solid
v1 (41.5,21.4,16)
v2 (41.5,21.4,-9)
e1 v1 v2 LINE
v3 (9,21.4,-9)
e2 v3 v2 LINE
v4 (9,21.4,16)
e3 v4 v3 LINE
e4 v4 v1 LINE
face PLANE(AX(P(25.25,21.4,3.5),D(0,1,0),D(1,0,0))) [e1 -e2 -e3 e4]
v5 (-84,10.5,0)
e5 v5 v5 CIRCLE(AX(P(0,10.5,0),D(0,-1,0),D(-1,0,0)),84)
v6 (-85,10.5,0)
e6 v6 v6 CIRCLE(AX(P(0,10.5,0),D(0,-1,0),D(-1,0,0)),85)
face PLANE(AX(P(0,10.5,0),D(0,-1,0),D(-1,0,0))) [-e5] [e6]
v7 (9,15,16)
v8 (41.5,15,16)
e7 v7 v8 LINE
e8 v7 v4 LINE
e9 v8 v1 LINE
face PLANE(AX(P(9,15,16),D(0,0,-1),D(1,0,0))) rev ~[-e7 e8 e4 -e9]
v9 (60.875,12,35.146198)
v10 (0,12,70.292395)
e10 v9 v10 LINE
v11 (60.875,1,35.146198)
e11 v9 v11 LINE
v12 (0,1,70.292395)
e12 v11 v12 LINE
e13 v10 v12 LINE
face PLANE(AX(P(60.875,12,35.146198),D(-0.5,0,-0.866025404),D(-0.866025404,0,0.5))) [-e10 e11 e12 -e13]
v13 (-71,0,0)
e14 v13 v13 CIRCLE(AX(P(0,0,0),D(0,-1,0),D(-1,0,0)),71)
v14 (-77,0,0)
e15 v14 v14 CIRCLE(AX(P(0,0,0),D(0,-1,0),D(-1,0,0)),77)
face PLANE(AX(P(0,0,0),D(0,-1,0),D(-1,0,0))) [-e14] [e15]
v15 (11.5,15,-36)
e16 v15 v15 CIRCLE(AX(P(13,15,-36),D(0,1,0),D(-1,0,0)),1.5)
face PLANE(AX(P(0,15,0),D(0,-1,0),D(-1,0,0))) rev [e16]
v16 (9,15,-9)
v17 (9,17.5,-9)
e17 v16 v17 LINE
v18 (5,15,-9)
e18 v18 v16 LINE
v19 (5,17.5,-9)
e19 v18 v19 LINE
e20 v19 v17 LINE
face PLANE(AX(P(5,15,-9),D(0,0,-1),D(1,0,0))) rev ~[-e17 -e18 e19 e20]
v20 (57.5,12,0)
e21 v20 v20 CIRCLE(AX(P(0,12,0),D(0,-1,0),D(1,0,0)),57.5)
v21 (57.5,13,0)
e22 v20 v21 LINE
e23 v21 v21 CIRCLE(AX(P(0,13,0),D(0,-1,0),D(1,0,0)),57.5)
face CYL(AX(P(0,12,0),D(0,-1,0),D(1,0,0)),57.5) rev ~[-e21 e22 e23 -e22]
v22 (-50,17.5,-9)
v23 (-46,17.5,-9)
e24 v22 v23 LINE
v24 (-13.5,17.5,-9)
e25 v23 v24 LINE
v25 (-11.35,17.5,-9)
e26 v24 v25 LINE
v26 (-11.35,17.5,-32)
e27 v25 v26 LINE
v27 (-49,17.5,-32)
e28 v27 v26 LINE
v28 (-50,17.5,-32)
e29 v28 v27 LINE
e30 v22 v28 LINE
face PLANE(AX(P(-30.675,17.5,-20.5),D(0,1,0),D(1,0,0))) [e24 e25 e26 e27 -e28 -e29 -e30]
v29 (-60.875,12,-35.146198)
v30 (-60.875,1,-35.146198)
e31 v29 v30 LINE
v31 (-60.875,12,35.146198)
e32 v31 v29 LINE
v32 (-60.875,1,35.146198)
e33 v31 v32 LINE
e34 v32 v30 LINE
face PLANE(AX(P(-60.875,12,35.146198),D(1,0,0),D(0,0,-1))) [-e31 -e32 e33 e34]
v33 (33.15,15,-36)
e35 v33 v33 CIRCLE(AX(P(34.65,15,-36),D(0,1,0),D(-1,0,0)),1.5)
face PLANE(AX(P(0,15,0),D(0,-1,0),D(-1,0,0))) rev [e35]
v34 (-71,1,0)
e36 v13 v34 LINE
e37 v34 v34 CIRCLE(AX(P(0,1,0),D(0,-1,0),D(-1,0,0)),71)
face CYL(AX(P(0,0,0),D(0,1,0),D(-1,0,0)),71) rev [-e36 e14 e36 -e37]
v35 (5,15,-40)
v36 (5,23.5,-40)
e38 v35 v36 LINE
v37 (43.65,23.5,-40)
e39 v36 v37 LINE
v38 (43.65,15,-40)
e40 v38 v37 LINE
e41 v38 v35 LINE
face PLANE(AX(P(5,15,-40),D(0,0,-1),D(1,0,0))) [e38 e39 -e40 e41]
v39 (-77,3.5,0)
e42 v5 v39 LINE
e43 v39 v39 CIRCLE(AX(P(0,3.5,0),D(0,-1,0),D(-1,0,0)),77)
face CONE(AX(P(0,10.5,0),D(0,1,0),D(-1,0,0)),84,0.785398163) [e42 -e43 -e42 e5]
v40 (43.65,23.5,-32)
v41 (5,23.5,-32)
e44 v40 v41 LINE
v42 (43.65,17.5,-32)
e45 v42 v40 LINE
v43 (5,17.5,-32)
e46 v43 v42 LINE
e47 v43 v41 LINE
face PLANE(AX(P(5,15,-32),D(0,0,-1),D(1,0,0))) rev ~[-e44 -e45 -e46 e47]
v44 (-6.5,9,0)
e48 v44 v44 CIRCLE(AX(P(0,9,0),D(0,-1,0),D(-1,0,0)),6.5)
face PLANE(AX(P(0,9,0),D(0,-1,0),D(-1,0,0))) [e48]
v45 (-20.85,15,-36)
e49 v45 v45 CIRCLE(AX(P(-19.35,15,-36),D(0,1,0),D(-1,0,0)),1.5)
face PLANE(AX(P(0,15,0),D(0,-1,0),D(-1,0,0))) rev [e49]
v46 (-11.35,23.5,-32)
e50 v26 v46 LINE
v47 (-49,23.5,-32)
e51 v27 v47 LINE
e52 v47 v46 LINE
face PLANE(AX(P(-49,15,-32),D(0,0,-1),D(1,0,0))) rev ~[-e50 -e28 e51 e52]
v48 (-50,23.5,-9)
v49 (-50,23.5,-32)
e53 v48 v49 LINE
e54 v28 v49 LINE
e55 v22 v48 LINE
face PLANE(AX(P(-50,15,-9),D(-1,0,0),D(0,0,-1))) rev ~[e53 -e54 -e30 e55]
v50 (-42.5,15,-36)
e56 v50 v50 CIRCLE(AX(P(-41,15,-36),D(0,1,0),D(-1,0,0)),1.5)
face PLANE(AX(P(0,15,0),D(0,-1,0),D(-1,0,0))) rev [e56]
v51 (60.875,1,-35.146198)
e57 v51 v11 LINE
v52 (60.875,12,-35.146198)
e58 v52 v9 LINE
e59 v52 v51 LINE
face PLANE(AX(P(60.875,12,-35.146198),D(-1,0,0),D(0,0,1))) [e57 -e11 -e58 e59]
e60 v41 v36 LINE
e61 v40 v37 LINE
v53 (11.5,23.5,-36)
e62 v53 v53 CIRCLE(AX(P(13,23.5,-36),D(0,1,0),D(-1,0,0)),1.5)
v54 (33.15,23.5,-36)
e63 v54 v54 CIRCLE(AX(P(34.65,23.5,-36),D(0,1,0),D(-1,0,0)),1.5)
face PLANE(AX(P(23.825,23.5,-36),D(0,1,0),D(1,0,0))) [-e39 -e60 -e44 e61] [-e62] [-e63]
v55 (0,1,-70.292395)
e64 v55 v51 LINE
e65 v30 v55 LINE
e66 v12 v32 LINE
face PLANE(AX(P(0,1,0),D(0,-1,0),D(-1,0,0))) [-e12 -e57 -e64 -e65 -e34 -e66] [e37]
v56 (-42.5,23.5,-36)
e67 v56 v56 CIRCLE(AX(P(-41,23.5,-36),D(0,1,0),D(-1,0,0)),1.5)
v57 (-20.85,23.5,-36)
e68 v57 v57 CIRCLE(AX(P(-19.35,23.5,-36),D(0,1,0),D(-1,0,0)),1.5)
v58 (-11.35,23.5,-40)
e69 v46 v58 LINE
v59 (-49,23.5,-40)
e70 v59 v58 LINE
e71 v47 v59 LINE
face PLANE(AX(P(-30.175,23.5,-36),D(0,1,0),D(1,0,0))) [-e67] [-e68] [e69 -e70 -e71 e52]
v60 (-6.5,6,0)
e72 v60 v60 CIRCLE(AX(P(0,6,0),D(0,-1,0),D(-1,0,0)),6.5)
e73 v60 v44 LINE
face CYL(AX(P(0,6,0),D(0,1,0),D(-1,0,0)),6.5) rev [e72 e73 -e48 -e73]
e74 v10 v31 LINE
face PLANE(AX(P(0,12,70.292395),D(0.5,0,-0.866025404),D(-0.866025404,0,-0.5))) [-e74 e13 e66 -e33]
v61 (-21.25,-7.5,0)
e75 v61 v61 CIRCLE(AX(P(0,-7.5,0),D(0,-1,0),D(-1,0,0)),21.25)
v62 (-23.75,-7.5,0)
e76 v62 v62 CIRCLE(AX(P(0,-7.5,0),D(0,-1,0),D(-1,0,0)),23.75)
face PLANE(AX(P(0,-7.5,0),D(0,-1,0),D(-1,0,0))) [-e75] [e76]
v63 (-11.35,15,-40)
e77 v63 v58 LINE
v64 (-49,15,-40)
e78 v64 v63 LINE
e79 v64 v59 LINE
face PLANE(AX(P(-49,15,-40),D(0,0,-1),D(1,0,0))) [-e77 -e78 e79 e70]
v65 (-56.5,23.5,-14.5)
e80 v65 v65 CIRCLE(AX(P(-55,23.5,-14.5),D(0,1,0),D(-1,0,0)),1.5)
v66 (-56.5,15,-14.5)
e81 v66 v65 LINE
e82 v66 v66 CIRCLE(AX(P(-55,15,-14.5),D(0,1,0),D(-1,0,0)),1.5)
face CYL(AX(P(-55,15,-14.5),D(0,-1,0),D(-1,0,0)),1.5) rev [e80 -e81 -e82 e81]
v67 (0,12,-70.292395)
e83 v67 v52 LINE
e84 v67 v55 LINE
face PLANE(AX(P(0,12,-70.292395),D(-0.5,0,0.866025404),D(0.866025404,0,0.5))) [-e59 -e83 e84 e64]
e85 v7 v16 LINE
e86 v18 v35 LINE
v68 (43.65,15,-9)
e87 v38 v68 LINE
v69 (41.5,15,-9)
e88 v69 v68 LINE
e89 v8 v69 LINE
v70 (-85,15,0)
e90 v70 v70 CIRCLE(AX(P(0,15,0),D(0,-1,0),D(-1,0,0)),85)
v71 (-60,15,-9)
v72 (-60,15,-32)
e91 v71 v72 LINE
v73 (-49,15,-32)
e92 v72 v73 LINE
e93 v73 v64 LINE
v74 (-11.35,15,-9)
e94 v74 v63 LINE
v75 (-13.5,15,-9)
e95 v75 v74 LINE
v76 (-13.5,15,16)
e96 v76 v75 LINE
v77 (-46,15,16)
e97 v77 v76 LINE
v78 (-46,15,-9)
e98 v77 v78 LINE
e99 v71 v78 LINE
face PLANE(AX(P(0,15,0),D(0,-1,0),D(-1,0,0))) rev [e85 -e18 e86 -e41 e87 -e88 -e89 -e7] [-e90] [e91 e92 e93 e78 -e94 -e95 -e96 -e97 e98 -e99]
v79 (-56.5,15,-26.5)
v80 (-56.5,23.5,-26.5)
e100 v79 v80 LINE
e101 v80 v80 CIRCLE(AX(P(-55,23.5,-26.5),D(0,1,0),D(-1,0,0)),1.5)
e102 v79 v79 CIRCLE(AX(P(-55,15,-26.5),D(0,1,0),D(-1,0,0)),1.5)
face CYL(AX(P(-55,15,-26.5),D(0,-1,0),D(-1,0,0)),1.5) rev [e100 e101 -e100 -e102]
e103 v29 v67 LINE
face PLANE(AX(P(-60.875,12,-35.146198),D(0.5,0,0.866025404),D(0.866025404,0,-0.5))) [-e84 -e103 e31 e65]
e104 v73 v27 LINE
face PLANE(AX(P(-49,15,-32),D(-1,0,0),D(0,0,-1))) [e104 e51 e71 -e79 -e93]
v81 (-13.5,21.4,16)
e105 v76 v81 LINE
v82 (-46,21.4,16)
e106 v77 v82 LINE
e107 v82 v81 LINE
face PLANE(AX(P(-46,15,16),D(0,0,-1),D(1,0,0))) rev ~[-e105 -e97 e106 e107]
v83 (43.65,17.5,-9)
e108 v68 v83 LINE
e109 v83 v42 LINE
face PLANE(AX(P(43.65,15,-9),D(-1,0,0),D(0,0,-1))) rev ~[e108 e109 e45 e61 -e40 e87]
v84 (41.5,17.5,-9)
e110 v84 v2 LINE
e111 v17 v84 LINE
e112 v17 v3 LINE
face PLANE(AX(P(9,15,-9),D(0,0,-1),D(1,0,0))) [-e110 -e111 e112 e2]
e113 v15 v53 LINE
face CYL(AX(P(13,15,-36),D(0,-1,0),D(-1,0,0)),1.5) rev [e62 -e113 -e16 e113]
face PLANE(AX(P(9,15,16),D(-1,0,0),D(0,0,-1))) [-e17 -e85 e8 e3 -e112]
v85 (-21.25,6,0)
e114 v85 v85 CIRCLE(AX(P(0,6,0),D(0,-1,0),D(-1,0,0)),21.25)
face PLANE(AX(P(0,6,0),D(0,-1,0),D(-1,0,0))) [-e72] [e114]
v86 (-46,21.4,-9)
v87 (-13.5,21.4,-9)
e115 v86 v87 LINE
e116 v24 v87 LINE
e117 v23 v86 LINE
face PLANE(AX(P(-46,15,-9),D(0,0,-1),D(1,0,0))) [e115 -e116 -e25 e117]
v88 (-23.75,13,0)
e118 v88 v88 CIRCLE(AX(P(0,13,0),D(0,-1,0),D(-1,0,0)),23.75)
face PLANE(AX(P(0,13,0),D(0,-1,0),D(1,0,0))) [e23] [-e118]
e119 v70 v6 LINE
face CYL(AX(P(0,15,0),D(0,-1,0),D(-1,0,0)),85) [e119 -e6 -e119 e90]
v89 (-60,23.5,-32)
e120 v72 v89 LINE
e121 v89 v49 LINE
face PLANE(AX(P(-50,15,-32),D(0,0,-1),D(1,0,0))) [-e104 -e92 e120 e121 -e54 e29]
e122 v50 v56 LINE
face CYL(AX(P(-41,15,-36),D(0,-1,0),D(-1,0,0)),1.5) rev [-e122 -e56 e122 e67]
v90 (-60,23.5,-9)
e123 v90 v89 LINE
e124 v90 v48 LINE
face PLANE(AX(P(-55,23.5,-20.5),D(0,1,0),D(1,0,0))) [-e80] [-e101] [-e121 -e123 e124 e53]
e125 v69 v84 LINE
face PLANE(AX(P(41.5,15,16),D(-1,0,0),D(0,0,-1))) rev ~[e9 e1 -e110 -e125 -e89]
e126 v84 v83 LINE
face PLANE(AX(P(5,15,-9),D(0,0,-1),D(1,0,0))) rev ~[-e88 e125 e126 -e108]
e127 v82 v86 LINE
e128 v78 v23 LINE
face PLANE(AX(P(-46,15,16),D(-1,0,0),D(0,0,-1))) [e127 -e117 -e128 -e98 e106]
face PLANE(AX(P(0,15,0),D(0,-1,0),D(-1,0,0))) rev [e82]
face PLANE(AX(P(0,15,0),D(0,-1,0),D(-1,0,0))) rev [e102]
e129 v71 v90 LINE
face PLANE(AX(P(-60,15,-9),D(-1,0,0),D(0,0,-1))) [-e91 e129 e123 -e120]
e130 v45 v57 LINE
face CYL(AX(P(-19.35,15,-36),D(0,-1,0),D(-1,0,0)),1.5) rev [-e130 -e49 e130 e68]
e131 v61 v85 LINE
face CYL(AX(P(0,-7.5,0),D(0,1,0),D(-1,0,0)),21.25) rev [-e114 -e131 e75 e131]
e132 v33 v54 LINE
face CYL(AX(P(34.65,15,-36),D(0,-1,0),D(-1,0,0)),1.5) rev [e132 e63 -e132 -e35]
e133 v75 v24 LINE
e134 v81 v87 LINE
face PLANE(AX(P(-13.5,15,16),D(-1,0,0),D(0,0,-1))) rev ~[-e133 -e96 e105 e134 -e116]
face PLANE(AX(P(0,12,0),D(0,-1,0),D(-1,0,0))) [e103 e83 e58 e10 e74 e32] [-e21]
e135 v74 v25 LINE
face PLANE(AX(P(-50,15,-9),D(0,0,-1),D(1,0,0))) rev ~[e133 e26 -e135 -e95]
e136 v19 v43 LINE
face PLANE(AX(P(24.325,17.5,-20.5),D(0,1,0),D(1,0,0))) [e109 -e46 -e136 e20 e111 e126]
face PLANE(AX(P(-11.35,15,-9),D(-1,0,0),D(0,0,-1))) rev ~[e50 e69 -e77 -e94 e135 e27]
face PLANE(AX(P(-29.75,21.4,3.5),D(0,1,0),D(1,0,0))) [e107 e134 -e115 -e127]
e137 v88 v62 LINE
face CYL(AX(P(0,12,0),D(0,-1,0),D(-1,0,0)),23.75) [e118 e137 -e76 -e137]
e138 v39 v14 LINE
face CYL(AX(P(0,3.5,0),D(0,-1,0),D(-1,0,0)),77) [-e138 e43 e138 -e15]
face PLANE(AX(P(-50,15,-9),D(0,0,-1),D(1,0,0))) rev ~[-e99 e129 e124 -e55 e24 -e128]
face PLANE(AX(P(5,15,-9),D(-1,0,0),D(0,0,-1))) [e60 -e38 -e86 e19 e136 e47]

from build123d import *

# Parameters (mm, degrees)
SKETCH2_R           = 71
BOSS_EXTRUDE1_DEPTH = 11
SKETCH10_W          = 37.65
SKETCH10_H          = 8
SKETCH10_R          = 1.5
SKETCH10_W_2        = 10
SKETCH10_H_2        = 23
SKETCH10_W_3        = 1
BOSS_EXTRUDE6_DEPTH = 8.5
SKETCH12_R          = 57.5
SKETCH12_R_2        = 23.75
CUT_EXTRUDE8_DEPTH  = 1
SKETCH11_W          = 38.65
SKETCH11_H          = 23
BOSS_EXTRUDE7_DEPTH = 2.5
SKETCH14_W          = 32.5
SKETCH14_H          = 25
BOSS_EXTRUDE8_DEPTH = 6.4


with BuildPart() as part:
    # Sketch1 → Revolve1 (revolve)
    with BuildSketch(Plane.XY, mode=Mode.PRIVATE) as revolve1_sk:
        Polygon((0, 12), (0, 15), (85, 15), (85, 10.5), (84, 10.5), (77, 3.5), (77, 0), (71, 0), (71, 12), (23.75, 12), (23.75, -7.5), (21.25, -7.5), (21.25, 6), (6.5, 6), (6.5, 9), (0, 9), align=None)
    revolve(revolve1_sk.sketch.rotate(Axis((0, 12, 0), (0, -1, 0)), 180), axis=Axis((0, 12, 0), (0, -1, 0)))

    # Sketch2 → Boss-Extrude1 (add)
    with BuildSketch(Plane.XZ.offset(-12)):
        with Locations(Location((0, 0, 0), (0, 0, 180))):
            Circle(SKETCH2_R)
        Polygon((0, 70.292395274), (-60.875, 35.146197637), (-60.875, -35.146197637), (0, -70.292395274), (60.875, -35.146197637), (60.875, 35.146197637), align=None, mode=Mode.SUBTRACT)
    extrude(amount=BOSS_EXTRUDE1_DEPTH)

    # Sketch10 → Boss-Extrude6 (add)
    # profile 1 of 4: a face of its own
    with BuildSketch(Plane(origin=(0, 15, 0), x_dir=(1, 0, 0), z_dir=(0, 1, 0))):
        with Locations((-30.175, 36)):
            Rectangle(SKETCH10_W, SKETCH10_H)
        with Locations(Location((-41, 36, 0), (0, 0, 180))):
            Circle(SKETCH10_R, mode=Mode.SUBTRACT)
        with Locations(Location((-19.35, 36, 0), (0, 0, 180))):
            Circle(SKETCH10_R, mode=Mode.SUBTRACT)
    # profile 2 of 4: a face of its own
    with BuildSketch(Plane(origin=(0, 15, 0), x_dir=(1, 0, 0), z_dir=(0, 1, 0))):
        with Locations((-55, 20.5)):
            Rectangle(SKETCH10_W_2, SKETCH10_H_2)
        with Locations(Location((-55, 14.5, 0), (0, 0, 180))):
            Circle(SKETCH10_R, mode=Mode.SUBTRACT)
        with Locations(Location((-55, 26.5, 0), (0, 0, 180))):
            Circle(SKETCH10_R, mode=Mode.SUBTRACT)
    # profile 3 of 4: a face of its own
    with BuildSketch(Plane(origin=(0, 15, 0), x_dir=(1, 0, 0), z_dir=(0, 1, 0))):
        with Locations((23.825, 36)):
            Rectangle(SKETCH10_W, SKETCH10_H)
        with Locations(Location((13, 36, 0), (0, 0, 180))):
            Circle(SKETCH10_R, mode=Mode.SUBTRACT)
        with Locations(Location((34.65, 36, 0), (0, 0, 180))):
            Circle(SKETCH10_R, mode=Mode.SUBTRACT)
    # profile 4 of 4: a face of its own
    with BuildSketch(Plane(origin=(0, 15, 0), x_dir=(1, 0, 0), z_dir=(0, 1, 0))):
        with Locations((43.15, 36)):
            Rectangle(SKETCH10_W_3, SKETCH10_H)
    extrude(amount=BOSS_EXTRUDE6_DEPTH)

    # Sketch12 → Cut-Extrude8 (cut)
    with BuildSketch(Plane.XZ.offset(-12)):
        Circle(SKETCH12_R)
        with Locations(Location((0, 0, 0), (0, 0, 180))):
            Circle(SKETCH12_R_2, mode=Mode.SUBTRACT)
    extrude(amount=-CUT_EXTRUDE8_DEPTH, mode=Mode.SUBTRACT)

    # Sketch11 → Boss-Extrude7 (add)
    with BuildSketch(Plane(origin=(0, 15, 0), x_dir=(1, 0, 0), z_dir=(0, 1, 0))):
        with Locations((-30.675, 20.5)):
            Rectangle(SKETCH11_W, SKETCH11_H)
        with Locations((24.325, 20.5)):
            Rectangle(SKETCH11_W, SKETCH11_H)
    extrude(amount=BOSS_EXTRUDE7_DEPTH)

    # Sketch14 → Boss-Extrude8 (add)
    with BuildSketch(Plane(origin=(0, 15, 0), x_dir=(1, 0, 0), z_dir=(0, 1, 0))):
        with Locations((-29.75, -3.5)):
            Rectangle(SKETCH14_W, SKETCH14_H)
        with Locations((25.25, -3.5)):
            Rectangle(SKETCH14_W, SKETCH14_H)
    extrude(amount=BOSS_EXTRUDE8_DEPTH)


solid = part.part
